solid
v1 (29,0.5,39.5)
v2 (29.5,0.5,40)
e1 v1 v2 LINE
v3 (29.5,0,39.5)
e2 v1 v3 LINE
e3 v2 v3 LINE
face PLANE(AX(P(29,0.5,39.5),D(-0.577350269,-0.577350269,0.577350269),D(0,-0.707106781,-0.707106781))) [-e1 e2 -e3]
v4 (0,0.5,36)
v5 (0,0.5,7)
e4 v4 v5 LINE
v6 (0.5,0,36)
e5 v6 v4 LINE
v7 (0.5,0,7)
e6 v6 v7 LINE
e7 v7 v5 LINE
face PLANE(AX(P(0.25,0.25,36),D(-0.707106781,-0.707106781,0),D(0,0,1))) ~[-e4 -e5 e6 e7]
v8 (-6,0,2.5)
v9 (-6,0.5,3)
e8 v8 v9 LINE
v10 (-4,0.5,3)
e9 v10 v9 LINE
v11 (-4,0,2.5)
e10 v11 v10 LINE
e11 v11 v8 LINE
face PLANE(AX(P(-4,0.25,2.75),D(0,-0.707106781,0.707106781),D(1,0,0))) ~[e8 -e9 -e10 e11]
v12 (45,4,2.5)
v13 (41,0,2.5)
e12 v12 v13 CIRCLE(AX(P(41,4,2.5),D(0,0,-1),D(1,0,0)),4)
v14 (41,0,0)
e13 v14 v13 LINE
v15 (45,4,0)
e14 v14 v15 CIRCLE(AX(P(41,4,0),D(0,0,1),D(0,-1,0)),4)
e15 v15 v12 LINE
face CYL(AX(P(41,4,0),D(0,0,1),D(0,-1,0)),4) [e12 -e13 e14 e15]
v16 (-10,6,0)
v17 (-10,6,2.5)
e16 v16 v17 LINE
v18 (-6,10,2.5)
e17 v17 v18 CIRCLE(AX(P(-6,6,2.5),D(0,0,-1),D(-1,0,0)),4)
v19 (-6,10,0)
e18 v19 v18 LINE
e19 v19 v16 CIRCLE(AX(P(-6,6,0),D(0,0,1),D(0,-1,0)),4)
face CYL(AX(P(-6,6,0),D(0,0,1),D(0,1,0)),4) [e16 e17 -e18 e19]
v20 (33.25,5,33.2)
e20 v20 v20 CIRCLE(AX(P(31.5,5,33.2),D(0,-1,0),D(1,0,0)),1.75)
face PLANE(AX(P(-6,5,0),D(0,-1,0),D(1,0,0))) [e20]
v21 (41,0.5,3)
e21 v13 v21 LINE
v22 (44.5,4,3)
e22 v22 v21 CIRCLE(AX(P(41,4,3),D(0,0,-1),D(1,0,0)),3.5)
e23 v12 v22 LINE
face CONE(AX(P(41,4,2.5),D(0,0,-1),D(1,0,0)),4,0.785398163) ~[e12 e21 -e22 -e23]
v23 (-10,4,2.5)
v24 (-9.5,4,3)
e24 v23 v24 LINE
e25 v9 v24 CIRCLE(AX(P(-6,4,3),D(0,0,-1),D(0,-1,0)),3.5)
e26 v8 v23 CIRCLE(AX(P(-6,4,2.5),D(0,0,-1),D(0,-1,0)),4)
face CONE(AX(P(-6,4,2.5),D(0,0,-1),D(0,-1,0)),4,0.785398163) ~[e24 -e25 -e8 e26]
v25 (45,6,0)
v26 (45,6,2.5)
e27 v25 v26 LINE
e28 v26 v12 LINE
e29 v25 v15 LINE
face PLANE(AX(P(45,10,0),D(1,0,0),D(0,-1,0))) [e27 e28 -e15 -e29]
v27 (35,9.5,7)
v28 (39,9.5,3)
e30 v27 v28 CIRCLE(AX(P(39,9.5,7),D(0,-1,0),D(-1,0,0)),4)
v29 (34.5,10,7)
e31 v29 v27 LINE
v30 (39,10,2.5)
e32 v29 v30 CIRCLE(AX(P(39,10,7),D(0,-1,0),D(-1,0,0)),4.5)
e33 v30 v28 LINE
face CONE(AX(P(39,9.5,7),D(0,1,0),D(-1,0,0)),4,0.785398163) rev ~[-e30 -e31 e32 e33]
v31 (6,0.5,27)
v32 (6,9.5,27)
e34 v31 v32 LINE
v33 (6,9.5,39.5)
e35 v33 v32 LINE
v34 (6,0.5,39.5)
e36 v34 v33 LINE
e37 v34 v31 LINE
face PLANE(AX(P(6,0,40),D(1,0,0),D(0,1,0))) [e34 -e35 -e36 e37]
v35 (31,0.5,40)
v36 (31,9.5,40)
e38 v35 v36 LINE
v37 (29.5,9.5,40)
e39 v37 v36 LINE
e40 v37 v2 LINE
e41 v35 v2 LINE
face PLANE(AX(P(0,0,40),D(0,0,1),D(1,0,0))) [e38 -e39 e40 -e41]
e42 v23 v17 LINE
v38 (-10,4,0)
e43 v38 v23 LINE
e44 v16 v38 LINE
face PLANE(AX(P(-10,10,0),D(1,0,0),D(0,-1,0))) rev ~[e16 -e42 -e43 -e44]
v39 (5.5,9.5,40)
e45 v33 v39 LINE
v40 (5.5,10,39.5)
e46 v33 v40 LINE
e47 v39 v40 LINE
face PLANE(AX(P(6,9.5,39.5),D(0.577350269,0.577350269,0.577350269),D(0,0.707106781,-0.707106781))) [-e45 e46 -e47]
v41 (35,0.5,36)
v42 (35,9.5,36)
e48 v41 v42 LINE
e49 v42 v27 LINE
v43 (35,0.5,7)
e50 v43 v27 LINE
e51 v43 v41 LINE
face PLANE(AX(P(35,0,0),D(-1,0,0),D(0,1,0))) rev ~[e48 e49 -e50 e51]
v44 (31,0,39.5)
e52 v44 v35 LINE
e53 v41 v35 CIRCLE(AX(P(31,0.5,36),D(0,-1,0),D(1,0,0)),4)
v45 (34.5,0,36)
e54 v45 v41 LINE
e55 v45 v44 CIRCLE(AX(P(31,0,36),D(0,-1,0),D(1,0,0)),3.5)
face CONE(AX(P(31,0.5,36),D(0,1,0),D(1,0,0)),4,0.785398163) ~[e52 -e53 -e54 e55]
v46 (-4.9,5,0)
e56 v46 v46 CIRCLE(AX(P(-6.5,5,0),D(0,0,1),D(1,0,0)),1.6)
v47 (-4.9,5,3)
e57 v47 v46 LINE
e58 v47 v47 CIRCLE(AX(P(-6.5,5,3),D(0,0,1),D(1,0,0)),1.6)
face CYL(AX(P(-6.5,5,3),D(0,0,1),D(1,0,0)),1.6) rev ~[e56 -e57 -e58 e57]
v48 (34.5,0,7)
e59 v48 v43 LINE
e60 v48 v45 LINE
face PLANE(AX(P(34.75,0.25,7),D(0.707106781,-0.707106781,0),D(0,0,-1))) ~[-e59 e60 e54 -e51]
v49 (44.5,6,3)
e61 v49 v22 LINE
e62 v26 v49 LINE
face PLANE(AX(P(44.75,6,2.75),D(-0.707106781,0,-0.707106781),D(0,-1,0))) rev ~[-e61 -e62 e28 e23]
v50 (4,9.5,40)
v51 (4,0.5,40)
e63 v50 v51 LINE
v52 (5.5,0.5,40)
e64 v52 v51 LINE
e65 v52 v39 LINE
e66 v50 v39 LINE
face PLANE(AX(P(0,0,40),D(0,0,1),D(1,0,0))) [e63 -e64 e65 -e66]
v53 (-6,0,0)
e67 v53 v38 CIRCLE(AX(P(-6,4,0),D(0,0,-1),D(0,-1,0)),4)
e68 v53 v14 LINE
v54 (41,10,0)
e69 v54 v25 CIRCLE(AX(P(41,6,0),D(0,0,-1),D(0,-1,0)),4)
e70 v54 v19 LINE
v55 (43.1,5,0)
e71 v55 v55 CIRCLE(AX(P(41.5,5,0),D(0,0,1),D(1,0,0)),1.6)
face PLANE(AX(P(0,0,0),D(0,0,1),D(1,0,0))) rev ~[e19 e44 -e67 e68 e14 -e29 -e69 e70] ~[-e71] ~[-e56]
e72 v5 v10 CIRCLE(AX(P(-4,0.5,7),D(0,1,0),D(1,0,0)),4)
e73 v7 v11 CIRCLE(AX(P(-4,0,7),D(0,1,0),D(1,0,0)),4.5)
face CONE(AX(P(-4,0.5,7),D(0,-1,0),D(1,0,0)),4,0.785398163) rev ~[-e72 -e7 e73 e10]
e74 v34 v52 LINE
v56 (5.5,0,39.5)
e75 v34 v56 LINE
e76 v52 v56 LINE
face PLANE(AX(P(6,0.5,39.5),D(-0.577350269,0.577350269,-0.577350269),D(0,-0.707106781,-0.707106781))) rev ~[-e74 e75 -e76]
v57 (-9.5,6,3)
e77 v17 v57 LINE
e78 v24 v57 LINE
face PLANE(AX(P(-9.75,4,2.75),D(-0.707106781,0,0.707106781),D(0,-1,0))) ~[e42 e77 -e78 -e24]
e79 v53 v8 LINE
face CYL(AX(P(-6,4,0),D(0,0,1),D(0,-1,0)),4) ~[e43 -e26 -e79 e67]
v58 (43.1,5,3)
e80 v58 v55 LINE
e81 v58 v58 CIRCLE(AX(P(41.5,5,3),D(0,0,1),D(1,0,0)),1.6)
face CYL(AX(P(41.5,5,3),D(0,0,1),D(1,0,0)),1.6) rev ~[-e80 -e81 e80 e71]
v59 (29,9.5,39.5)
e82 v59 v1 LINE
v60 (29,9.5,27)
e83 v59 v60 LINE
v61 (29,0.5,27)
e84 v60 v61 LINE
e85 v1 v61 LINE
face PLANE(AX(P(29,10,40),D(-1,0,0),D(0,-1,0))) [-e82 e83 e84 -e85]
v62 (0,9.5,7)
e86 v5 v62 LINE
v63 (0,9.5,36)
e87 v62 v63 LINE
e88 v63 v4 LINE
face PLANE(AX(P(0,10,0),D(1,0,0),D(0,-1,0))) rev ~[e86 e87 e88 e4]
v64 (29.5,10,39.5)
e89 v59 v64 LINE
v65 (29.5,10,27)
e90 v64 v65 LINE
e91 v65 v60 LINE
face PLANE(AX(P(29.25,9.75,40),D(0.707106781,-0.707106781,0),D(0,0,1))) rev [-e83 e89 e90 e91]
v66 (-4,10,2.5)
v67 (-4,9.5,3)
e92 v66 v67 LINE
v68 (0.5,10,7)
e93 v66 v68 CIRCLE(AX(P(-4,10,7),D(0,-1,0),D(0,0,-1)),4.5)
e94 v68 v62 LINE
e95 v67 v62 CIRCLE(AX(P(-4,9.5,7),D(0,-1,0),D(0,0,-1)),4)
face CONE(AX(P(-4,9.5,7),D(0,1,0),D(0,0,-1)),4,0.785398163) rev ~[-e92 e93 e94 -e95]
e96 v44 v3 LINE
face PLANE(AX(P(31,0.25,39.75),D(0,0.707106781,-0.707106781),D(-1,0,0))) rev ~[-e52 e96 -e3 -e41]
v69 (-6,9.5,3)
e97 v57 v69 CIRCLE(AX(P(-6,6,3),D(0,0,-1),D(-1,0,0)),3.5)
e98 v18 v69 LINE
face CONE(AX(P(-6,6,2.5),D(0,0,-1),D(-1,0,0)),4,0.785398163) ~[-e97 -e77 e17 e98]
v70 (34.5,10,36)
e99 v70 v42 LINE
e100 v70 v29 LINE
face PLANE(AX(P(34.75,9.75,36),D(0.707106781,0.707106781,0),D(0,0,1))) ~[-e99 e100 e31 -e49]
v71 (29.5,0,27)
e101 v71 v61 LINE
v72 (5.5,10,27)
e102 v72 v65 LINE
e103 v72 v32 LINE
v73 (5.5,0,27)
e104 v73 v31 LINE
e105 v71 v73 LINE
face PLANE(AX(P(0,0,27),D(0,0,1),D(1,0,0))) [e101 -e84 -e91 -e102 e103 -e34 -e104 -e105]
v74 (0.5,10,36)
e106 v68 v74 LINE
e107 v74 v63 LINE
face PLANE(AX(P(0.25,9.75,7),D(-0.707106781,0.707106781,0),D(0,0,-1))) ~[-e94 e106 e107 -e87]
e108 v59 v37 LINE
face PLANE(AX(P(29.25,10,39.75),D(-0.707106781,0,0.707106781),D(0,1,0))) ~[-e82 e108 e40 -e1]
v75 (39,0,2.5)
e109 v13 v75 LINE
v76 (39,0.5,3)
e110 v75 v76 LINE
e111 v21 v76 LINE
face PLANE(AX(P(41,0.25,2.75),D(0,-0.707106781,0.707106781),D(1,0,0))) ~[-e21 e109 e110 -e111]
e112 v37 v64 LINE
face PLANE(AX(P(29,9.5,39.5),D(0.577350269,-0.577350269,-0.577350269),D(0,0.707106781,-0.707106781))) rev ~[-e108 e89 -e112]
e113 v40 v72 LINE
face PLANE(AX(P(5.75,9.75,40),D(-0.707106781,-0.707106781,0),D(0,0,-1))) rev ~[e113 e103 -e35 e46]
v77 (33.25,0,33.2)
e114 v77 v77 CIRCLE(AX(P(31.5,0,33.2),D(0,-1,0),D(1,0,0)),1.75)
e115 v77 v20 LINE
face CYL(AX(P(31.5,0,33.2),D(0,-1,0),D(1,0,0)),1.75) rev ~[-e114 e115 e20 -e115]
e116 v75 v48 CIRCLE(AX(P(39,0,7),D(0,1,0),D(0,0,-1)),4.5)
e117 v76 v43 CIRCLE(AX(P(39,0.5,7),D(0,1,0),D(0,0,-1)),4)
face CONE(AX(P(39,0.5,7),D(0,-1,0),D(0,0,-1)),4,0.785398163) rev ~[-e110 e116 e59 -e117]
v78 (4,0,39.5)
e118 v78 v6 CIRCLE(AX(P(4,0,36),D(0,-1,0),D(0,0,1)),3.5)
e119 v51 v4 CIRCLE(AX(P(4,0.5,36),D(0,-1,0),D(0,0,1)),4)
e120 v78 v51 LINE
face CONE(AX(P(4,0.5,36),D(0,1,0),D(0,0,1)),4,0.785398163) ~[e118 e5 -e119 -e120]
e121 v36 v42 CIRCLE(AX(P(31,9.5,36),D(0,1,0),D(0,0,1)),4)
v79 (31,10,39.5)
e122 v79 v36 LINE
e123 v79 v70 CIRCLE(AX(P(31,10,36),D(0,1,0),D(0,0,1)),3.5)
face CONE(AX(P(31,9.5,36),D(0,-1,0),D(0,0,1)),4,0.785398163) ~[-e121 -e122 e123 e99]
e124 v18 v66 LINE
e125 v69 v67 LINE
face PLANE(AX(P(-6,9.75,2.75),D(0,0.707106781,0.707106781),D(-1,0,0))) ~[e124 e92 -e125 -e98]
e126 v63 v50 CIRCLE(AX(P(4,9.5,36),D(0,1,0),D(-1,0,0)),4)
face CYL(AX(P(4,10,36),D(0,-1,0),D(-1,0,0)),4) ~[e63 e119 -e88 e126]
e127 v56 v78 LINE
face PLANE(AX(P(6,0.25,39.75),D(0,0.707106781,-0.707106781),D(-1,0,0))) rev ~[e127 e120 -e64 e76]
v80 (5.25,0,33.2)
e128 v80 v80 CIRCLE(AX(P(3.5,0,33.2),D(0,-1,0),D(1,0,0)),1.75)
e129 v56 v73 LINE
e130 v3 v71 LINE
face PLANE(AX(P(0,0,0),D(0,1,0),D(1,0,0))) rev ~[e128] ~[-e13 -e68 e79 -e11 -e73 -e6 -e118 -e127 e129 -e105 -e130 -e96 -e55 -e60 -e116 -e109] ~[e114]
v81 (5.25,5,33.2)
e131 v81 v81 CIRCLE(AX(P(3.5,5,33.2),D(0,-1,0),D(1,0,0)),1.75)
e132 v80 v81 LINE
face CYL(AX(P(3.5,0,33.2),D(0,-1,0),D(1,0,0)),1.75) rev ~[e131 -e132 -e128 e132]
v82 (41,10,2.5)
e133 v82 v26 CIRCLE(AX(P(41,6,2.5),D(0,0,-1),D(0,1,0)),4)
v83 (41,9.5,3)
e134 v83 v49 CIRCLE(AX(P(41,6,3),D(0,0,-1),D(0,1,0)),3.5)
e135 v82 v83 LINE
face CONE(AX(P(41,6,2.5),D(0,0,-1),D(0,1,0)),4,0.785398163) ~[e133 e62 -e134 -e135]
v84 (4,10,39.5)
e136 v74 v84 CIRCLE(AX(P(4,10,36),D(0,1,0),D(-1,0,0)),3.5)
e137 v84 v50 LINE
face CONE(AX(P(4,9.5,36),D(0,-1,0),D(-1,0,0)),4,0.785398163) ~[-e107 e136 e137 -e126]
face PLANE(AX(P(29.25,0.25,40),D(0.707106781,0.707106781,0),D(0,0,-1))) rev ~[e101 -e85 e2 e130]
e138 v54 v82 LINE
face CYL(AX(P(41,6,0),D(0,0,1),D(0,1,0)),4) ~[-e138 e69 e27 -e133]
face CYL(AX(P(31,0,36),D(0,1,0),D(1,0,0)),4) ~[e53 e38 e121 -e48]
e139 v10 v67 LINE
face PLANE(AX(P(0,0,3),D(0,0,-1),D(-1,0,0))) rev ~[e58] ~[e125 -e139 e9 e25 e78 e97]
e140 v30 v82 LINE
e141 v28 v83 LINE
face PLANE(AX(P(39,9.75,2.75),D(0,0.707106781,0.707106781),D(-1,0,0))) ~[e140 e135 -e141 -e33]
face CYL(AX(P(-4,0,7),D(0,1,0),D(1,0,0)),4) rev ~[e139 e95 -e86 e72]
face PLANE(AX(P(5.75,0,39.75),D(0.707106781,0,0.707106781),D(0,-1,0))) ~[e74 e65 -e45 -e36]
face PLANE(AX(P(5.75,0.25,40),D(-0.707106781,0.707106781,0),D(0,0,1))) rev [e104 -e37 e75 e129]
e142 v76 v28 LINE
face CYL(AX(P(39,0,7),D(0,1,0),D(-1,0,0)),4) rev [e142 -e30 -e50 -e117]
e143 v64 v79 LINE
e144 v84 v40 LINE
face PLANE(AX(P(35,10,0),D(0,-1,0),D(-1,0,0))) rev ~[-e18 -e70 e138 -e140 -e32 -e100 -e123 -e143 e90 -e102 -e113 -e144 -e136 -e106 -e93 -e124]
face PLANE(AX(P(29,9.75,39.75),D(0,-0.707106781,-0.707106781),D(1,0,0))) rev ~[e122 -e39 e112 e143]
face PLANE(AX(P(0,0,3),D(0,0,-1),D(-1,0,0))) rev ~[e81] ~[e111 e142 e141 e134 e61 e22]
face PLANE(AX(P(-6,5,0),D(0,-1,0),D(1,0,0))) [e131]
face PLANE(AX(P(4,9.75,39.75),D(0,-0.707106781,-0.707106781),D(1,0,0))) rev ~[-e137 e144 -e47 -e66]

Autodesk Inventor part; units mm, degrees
ref_plane "YZ Plane" through (0, 0, 0) normal (1, 0, 0) x (0, 1, 0)
ref_plane "XZ Plane" through (0, 0, 0) normal (0, 1, 0) x (-1, 0, 0)
ref_plane "XY Plane" through (0, 0, 0) normal (0, 0, 1) x (1, 0, 0)
sketch "Boceto1" plane through (0, 0, 0) normal (0, 0, 1) x (1, 0, 0)
  line L0 (0, 0) -> (35, 0)
  line L1 (35, 0) -> (35, 10)
  line L2 (35, 10) -> (0, 10)
  line L3 (0, 10) -> (0, 0)
  dimension "d0" = 35
  dimension "d1" = 10
extrude "Extrusión1" add sketch "Boceto1" along normal blind 40
sketch "Boceto2" plane through (0, 0, 40) normal (0, 0, 1) x (1, 0, 0)
  line L0 (35, 0) -> (35, 10) construction
  line L1 (35, 10) -> (0, 10) construction
  line L2 (0, 10) -> (0, 0) construction
  line L3 (0, 0) -> (35, 0) construction
  line L4 (35, 10) -> (0, 10) projected
  line L5 (0, 0) -> (35, 0) projected
  line L6 (6, 10) -> (29, 10)
  line L7 (29, 10) -> (29, 0)
  line L8 (29, 0) -> (6, 0)
  line L9 (6, 0) -> (6, 10)
  line L10 (17.5, 10) -> (17.5, 0) construction
  dimension "d4" = 23
  dimension "d5" = 11.5
extrude "Extrusión2" cut sketch "Boceto2" against normal blind 13
sketch "Boceto3" plane through (0, 0, 0) normal (0, 0, -1) x (-1, 0, 0)
  line L0 (-35, 0) -> (-35, 10) construction
  line L1 (0, 0) -> (-35, 0) construction
  line L2 (0, 10) -> (0, 0) construction
  line L3 (-35, 10) -> (0, 10) construction
  line L4 (-35, 10) -> (-45, 10)
  line L5 (-45, 10) -> (-45, 0)
  line L6 (-45, 0) -> (-35, 0)
  line L7 (-35, 0) -> (-35, 10)
  line L8 (-6, 10) -> (0, 10) projected
  line L9 (0, 10) -> (10, 10)
  line L10 (10, 10) -> (10, 0)
  line L11 (10, 0) -> (0, 0)
  line L12 (0, 0) -> (0, 10)
  line L13 (-35, 0) -> (-35, 10) construction
  line L14 (0, 10) -> (0, 0) construction
  dimension "d8" = 10
  dimension "d9" = 10
extrude "Extrusión3" add sketch "Boceto3" against normal blind 3
fillet "Empalme1" radius 4 8 edges at (-10, 0, 1.5) (-10, 10, 1.5) (45, 0, 1.5) (45, 10, 1.5) (0, 5, 40) (35, 5, 40) (0, 5, 3) (35, 5, 3)
sketch "Boceto5" plane through (0, 0, 3) normal (0, 0, 1) x (1, 0, 0)
  line L0 (-4, 10) -> (-4, 0) construction
  line L1 (-4, 10) -> (-6, 10) construction
  arc A0 (-6, 10) -> (-10, 6) centre (-6, 6) ccw construction
  line L2 (-10, 6) -> (-10, 4) construction
  arc A1 (-10, 4) -> (-6, 0) centre (-6, 4) ccw construction
  line L3 (-6, 0) -> (-4, 0) construction
  line L4 (39, 0) -> (39, 10) construction
  line L5 (39, 0) -> (41, 0) construction
  arc A2 (41, 0) -> (45, 4) centre (41, 4) ccw construction
  line L6 (45, 4) -> (45, 6) construction
  arc A3 (45, 6) -> (41, 10) centre (41, 6) ccw construction
  line L7 (41, 10) -> (39, 10) construction
  line L8 (-10, 5) -> (45, 5) construction
  circle A4 centre (-6.5, 5) radius 1.6
  circle A5 centre (41.5, 5) radius 1.6
  point P0 (0, 0)
  dimension "d15" = 3.2
  dimension "d16" = 3.2
  dimension "d17" = 3.5
  dimension "d18" = 3.5
extrude "Extrusión4" cut sketch "Boceto5" against normal blind 10
chamfer "Chaflán1" distance 0.5 angle 45 28 edges at (-8.8284, 1.1716, 3) (-10, 5, 3) (-8.8284, 8.8284, 3) (-5, 10, 3) (0, 10, 21.5) (1.1716, 10, 38.8284) (5, 10, 40) (-5, 0, 3) (0, 0, 21.5) (1.1716, 0, 38.8284) (5, 0, 40) (40, 0, 3) (43.8284, 1.1716, 3) (45, 5, 3) (43.8284, 8.8284, 3) (40, 10, 3) (35, 10, 21.5) (33.8284, 10, 38.8284) (30, 10, 40) (35, 0, 21.5) (33.8284, 0, 38.8284) (30, 0, 40) (6, 5, 40) (29, 5, 40) (6, 0, 33.5) (6, 10, 33.5) (29, 0, 33.5) (29, 10, 33.5)
sketch "Boceto6" plane through (-6, 0, 0) normal (0, -1, 0) x (1, 0, 0)
  line L0 (45, 2.5) -> (47, 2.5) construction
  arc A0 (40.5, 7) -> (45, 2.5) centre (45, 7) ccw construction
  line L1 (40.5, 36) -> (40.5, 7) construction
  arc A1 (40.5, 36) -> (37, 39.5) centre (37, 36) ccw construction
  line L2 (35.5, 39.5) -> (37, 39.5) construction
  line L3 (35.5, 27) -> (35.5, 39.5) construction
  line L4 (35.5, 27) -> (11.5, 27) construction
  line L5 (11.5, 39.5) -> (11.5, 27) construction
  line L6 (10, 39.5) -> (11.5, 39.5) construction
  arc A2 (10, 39.5) -> (6.5, 36) centre (10, 36) ccw construction
  line L7 (6.5, 7) -> (6.5, 36) construction
  arc A3 (2, 2.5) -> (6.5, 7) centre (2, 7) ccw construction
  line L8 (0, 2.5) -> (2, 2.5) construction
  line L9 (0, 0) -> (0, 2.5) construction
  line L10 (47, 0) -> (0, 0) construction
  line L11 (47, 2.5) -> (47, 0) construction
  arc A4 (10, 39.5) -> (6.5, 36) centre (10, 36) ccw construction
  line L12 (9.5, 39.4641) -> (9.5, 0) construction
  line L13 (47, 0) -> (0, 0) construction
  arc A5 (40.5, 36) -> (37, 39.5) centre (37, 36) ccw construction
  line L14 (37.5, 39.4641) -> (37.5, 0) construction
  line L15 (23.5, 0) -> (23.5, 27) construction
  line L16 (6.5, 33.2) -> (40.5, 33.2) construction
  line L17 (40.5, 7) -> (40.5, 36) construction
  circle A6 centre (9.5, 33.2) radius 1.75
  circle A7 centre (37.5, 33.2) radius 1.75
  point P0 (6, 0)
  dimension "d26" = 28
  dimension "d27" = 14
  dimension "d28" = 6.2
  dimension "d29" = 3.5
  dimension "d30" = 3.5
extrude "Extrusión5" cut sketch "Boceto6" against normal blind 5
equation "\"d5\" = 0.5 * d4"
equation "\"d27\" = 0.5 * d26"
properties part number "base_servo"
